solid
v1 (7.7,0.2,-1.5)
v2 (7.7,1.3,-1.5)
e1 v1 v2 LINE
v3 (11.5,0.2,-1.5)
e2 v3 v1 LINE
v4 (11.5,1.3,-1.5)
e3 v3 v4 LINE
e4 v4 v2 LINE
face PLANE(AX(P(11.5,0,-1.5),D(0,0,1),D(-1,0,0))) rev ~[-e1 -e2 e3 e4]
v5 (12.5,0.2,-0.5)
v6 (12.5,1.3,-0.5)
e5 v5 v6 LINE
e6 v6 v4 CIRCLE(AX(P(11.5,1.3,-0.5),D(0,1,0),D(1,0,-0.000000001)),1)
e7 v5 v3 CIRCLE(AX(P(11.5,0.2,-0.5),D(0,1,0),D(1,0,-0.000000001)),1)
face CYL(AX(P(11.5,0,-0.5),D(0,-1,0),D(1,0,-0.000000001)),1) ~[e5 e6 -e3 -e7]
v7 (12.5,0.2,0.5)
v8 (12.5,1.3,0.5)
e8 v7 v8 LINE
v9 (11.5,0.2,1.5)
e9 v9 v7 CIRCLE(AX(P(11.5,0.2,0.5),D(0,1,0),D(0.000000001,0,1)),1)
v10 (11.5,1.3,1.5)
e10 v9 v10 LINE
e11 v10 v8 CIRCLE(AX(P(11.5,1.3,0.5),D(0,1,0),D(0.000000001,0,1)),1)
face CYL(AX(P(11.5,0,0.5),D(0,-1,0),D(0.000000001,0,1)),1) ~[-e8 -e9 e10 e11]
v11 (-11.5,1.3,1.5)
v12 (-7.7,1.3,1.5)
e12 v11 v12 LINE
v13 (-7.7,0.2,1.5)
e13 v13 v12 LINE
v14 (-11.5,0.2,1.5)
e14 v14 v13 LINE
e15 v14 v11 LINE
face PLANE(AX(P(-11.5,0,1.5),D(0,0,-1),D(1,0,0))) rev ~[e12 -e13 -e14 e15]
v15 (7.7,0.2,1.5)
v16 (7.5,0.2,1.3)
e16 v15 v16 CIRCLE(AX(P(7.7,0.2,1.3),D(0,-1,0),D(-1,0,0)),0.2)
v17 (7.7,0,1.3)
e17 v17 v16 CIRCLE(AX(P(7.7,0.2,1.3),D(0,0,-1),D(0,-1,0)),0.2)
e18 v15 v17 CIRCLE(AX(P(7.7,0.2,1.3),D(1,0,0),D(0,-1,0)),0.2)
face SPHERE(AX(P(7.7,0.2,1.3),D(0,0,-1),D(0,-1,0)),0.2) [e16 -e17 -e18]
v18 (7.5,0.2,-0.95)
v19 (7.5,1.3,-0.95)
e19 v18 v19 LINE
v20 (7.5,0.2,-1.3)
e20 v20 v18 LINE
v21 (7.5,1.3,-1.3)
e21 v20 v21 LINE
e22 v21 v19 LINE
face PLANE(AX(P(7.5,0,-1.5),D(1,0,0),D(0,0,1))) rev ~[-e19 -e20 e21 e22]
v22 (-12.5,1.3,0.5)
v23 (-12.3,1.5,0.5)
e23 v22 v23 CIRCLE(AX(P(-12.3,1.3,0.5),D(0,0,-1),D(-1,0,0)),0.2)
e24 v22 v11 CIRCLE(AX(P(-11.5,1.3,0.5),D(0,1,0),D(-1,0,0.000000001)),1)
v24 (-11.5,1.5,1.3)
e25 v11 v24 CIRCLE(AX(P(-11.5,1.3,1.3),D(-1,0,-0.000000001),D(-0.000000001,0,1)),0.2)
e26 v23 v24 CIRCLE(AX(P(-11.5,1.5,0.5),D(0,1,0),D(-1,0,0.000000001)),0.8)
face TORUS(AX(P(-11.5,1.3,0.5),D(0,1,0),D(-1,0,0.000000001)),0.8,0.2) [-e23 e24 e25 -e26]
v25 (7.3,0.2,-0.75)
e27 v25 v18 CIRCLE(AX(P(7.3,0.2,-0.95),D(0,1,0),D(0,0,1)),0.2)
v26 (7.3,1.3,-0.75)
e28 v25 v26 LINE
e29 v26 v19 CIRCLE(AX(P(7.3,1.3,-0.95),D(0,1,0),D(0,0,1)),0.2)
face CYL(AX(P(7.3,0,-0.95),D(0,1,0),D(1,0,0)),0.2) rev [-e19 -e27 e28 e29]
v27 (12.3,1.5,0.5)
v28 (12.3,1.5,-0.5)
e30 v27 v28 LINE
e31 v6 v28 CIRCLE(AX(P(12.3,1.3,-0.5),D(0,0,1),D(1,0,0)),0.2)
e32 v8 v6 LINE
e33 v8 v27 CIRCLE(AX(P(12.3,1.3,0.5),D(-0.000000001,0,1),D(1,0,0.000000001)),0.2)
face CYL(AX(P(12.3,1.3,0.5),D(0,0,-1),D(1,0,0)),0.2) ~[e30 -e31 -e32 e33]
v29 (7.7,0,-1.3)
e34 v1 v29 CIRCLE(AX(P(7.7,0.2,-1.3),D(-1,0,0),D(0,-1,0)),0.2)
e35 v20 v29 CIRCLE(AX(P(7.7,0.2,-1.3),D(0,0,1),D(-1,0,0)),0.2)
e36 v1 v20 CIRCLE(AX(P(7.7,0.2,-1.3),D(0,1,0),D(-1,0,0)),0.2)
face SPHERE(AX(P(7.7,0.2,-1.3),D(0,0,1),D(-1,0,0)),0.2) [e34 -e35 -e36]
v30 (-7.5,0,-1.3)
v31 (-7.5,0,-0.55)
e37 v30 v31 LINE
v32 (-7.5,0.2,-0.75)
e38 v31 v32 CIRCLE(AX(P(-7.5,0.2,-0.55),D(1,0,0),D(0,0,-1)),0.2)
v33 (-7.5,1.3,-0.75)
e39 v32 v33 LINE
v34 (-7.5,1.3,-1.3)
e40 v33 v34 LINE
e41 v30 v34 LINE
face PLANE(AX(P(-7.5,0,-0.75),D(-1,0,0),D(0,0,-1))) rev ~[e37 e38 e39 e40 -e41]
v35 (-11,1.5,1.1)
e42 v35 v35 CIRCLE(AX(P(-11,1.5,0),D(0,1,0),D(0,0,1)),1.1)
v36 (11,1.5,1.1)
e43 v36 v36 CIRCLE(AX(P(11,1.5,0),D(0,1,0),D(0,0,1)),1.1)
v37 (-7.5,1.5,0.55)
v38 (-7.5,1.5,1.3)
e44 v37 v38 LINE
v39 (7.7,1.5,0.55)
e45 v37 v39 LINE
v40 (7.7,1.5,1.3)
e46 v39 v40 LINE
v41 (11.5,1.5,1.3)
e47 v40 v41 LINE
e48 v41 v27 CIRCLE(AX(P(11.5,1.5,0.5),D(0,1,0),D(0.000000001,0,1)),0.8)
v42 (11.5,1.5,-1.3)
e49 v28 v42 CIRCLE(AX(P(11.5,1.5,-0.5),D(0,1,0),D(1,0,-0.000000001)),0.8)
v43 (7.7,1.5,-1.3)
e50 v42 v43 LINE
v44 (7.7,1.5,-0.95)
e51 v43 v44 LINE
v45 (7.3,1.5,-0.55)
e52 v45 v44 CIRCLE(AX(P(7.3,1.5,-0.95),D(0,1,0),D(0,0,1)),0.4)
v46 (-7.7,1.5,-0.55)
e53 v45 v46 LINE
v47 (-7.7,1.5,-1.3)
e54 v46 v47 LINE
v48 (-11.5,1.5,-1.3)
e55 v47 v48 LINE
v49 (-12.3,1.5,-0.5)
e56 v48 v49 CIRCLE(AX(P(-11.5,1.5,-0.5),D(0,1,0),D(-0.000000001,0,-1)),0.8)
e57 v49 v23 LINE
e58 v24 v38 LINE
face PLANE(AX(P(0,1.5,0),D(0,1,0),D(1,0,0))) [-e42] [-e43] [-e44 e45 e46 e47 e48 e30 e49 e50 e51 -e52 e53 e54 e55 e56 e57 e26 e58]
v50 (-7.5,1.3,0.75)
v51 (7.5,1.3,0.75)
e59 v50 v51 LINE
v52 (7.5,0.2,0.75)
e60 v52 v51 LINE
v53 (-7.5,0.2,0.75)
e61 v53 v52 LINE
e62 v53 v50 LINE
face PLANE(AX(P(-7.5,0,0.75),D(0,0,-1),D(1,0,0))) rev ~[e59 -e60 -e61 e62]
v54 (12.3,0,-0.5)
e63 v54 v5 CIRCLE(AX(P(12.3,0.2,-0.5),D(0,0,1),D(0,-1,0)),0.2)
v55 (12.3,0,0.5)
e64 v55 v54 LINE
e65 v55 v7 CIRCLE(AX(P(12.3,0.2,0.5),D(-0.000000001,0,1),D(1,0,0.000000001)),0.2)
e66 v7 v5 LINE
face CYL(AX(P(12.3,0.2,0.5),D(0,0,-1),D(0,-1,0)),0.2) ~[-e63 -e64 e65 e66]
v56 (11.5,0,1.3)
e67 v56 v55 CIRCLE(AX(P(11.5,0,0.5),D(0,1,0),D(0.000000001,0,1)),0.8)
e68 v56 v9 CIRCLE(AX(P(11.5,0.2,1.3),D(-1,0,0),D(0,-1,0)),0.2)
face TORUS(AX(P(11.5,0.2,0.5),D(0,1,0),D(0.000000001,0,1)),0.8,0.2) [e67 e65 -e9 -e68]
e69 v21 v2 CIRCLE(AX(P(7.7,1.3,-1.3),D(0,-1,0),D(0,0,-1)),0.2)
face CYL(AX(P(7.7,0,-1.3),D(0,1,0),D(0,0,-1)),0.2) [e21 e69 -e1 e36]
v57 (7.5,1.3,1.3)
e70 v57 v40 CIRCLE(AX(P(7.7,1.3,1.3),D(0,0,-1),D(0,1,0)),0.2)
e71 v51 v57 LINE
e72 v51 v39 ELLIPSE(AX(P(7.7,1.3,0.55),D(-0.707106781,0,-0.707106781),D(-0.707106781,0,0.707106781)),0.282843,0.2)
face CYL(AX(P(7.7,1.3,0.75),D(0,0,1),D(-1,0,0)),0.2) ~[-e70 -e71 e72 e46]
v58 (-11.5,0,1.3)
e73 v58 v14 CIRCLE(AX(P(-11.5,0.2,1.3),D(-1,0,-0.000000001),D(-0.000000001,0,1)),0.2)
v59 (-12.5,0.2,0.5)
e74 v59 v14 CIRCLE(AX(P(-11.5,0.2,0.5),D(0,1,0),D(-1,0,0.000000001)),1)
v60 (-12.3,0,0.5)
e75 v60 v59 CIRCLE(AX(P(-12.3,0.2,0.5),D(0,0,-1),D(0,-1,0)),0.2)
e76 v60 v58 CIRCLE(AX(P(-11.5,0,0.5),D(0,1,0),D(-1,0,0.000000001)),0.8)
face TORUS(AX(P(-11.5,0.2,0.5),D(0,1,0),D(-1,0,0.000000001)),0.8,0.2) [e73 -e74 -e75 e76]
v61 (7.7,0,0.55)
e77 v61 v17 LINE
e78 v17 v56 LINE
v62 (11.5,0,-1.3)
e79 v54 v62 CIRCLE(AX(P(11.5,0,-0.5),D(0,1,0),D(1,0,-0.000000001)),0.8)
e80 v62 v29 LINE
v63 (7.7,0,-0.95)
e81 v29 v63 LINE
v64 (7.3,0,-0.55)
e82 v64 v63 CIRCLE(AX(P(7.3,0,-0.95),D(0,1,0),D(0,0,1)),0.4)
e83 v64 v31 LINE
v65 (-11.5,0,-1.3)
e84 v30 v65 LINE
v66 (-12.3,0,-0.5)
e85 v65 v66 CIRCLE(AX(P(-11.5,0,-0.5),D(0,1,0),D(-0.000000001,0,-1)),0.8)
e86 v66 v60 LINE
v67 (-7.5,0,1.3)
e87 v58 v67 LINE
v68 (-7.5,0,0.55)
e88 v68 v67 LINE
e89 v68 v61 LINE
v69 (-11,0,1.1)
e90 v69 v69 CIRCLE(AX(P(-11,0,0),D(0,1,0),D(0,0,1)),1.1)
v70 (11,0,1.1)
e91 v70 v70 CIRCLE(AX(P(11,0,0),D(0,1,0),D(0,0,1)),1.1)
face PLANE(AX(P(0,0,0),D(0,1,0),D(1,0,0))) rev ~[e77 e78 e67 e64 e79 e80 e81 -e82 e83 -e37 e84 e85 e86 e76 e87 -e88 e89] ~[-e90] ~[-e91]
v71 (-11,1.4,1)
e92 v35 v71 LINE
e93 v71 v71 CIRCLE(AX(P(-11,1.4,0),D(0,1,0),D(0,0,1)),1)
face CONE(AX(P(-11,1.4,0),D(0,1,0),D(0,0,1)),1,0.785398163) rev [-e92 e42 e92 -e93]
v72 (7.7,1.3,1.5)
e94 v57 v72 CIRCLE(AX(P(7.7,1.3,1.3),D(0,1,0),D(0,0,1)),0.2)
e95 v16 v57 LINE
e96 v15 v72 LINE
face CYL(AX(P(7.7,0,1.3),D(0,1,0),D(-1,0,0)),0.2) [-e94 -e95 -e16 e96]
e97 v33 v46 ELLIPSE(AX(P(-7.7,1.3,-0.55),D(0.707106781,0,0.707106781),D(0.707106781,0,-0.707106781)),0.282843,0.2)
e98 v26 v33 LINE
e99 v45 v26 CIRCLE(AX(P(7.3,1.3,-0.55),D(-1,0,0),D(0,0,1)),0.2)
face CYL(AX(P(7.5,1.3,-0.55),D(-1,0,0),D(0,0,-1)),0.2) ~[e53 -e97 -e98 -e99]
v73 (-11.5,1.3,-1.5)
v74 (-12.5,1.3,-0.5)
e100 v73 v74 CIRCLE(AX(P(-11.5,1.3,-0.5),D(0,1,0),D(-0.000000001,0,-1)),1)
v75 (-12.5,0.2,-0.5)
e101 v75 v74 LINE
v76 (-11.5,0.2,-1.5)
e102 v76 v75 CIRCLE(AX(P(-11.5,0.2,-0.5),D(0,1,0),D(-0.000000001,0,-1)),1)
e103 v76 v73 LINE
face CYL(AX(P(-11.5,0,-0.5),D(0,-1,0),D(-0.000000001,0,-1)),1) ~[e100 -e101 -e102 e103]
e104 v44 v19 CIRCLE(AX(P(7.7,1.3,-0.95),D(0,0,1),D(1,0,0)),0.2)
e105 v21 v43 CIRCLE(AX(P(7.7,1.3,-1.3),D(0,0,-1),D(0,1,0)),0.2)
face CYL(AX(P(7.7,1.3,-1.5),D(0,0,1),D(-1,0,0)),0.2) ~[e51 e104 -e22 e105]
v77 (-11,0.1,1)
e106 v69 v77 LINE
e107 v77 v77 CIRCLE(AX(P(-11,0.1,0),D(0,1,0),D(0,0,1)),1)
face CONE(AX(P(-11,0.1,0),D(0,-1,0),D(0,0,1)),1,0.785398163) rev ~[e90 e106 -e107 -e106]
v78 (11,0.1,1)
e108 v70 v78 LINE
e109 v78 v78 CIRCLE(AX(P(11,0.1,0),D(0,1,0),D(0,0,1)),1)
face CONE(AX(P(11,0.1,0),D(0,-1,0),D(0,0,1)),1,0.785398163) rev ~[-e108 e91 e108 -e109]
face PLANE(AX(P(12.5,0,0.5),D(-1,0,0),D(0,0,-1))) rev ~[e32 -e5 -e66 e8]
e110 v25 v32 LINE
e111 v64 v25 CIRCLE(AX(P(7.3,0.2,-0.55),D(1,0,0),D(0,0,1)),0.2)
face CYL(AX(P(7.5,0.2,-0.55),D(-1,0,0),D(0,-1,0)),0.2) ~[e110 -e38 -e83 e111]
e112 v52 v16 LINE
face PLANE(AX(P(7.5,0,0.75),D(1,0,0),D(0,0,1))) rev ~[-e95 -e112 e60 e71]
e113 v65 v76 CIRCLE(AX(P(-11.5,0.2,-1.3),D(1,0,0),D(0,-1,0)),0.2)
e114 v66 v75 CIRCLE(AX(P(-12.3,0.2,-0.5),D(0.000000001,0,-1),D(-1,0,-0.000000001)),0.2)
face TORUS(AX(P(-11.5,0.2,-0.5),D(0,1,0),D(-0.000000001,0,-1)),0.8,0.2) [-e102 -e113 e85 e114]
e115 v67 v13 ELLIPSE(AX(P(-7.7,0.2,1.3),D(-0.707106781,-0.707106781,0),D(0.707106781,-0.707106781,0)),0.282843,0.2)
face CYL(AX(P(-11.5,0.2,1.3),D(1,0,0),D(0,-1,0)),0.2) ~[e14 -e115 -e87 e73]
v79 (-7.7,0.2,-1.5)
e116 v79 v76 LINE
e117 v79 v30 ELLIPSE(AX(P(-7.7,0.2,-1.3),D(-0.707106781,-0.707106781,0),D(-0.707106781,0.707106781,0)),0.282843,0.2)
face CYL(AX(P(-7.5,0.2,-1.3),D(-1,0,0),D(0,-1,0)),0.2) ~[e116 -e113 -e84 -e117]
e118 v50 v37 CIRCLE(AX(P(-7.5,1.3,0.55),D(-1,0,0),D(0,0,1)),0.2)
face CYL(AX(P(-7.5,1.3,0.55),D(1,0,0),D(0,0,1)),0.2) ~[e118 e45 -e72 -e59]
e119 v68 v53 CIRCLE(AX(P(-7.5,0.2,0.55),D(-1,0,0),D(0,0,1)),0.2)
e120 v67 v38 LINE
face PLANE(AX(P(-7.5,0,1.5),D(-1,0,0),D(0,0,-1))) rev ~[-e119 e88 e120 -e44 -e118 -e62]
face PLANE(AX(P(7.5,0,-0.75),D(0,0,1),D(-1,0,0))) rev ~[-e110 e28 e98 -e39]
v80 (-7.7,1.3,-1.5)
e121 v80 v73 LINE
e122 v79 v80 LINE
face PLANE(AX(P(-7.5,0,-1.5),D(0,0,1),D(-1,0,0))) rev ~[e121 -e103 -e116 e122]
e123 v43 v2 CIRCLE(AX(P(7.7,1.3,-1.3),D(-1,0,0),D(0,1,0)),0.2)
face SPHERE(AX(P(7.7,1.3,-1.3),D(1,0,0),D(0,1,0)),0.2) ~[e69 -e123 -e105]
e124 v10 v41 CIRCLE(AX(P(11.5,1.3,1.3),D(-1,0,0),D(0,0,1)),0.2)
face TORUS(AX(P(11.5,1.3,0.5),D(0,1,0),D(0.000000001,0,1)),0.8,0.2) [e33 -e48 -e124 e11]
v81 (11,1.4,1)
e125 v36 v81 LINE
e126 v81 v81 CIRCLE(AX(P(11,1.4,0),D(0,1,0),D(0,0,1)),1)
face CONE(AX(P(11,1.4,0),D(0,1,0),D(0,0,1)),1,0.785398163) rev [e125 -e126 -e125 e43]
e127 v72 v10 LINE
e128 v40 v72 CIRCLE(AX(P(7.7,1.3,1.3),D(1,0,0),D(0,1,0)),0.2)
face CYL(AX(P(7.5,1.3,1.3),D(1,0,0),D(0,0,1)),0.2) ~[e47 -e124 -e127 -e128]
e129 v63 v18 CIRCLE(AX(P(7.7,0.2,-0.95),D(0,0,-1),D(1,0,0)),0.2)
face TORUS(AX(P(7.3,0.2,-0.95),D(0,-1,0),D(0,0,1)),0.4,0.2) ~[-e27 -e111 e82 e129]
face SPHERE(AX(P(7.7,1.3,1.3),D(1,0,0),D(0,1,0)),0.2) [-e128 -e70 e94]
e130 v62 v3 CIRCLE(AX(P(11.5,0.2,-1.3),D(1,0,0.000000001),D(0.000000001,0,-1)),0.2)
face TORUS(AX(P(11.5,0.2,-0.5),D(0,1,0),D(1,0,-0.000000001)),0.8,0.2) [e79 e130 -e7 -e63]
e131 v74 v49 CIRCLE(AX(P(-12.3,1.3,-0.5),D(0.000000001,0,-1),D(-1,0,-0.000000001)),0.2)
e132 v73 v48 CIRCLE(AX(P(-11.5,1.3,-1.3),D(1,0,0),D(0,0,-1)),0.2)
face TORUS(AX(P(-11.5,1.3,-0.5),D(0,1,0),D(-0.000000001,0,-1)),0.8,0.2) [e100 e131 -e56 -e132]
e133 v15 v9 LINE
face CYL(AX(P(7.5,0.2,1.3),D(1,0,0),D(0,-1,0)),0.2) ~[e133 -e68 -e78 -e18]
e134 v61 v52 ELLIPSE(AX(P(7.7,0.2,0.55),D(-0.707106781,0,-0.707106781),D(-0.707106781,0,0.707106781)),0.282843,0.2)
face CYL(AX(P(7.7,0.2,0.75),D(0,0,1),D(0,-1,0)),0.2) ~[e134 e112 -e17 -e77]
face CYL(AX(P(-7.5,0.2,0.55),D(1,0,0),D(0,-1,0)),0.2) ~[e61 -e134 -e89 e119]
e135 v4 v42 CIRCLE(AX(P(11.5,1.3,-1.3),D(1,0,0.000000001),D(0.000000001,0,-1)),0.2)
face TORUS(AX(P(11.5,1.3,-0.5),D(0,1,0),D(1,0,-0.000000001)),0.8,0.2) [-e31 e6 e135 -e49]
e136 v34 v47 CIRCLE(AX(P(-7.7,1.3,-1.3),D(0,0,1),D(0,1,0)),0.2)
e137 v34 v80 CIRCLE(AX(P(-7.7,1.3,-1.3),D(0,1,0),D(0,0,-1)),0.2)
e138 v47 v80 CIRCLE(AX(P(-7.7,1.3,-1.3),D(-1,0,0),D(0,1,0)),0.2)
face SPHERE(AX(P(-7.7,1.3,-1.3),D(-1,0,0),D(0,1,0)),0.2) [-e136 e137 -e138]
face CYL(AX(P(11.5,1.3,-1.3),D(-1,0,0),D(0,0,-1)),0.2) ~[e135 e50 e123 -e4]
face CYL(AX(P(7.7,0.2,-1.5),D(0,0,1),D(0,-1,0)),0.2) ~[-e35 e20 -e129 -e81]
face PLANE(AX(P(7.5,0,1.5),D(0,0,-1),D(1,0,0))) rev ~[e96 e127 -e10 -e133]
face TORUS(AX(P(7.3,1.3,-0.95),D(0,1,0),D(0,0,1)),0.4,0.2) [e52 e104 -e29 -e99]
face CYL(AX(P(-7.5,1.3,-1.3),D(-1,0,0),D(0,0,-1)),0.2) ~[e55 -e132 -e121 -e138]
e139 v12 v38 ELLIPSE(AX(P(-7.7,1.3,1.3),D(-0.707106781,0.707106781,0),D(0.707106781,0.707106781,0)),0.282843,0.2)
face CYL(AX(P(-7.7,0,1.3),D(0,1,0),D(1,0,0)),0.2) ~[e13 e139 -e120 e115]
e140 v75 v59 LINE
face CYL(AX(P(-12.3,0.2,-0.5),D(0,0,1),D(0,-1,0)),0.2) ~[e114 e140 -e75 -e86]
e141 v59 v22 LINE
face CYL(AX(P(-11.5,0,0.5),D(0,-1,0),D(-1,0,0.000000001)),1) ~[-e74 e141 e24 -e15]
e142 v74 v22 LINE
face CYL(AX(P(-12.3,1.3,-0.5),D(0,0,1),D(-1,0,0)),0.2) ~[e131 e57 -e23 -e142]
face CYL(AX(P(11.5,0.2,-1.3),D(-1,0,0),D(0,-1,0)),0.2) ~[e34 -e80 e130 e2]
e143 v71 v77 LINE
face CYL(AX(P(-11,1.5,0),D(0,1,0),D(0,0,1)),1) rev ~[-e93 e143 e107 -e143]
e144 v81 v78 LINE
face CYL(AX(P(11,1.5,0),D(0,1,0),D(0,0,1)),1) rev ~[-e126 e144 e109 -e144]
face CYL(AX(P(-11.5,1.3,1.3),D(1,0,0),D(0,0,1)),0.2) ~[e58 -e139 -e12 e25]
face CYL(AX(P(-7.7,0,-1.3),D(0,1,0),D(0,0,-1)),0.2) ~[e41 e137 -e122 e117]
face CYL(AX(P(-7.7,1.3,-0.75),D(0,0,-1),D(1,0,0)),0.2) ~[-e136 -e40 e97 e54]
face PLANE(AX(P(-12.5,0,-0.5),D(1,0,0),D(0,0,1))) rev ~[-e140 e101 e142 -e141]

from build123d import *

# Parameters (mm, degrees)
BOSS_EXTRUDE1_DEPTH = 1.5
SKETCH2_R           = 1
CUT_EXTRUDE1_DEPTH  = 13.678722333
CHAMFER1_SIZE       = 0.1
FILLET1_R           = 0.2


with BuildPart() as part:
    # Sketch1 → Boss-Extrude1 (new body)
    with BuildSketch(Plane(origin=(0, 0, 0), x_dir=(1, 0, 0), z_dir=(0, 1, 0))):
        with BuildLine():
            Line((7.5, -0.75), (7.5, -1.5))
            Line((7.5, -1.5), (11.5, -1.5))
            ThreePointArc((11.5, -1.5), (12.207106781, -1.207106781), (12.5, -0.5))
            Line((12.5, -0.5), (12.5, 0.5))
            ThreePointArc((12.5, 0.5), (12.207106781, 1.207106781), (11.5, 1.5))
            Line((11.5, 1.5), (7.5, 1.5))
            Line((7.5, 1.5), (7.5, 0.75))
            Line((7.5, 0.75), (-7.5, 0.75))
            Line((-7.5, 0.75), (-7.5, 1.5))
            Line((-7.5, 1.5), (-11.5, 1.5))
            ThreePointArc((-11.5, 1.5), (-12.207106781, 1.207106781), (-12.5, 0.5))
            Line((-12.5, 0.5), (-12.5, -0.5))
            ThreePointArc((-12.5, -0.5), (-12.207106781, -1.207106781), (-11.5, -1.5))
            Line((-11.5, -1.5), (-7.5, -1.5))
            Line((-7.5, -1.5), (-7.5, -0.75))
            Line((-7.5, -0.75), (7.5, -0.75))
        make_face()
    extrude(amount=BOSS_EXTRUDE1_DEPTH)

    # Sketch2 → Cut-Extrude1 (cut, through all)
    with BuildSketch(Plane(origin=(0, 1.5, 0), x_dir=(1, 0, 0), z_dir=(0, 1, 0))):
        with Locations(Location((-11, 0, 0), (0, 0, 270))):
            Circle(SKETCH2_R)
        with Locations(Location((11, 0, 0), (0, 0, 270))):
            Circle(SKETCH2_R)
    extrude(amount=-CUT_EXTRUDE1_DEPTH, mode=Mode.SUBTRACT)

    # Chamfer1
    chamfer1_edges = [part.edges().sort_by_distance(p)[0] for p in [
        (-11, 0, -1),
        (-11, 1.5, -1),
        (11, 0, -1),
        (11, 1.5, -1),
    ]]
    chamfer(chamfer1_edges, length=CHAMFER1_SIZE)

    # Fillet1
    fillet1_edges = [part.edges().sort_by_distance(p)[0] for p in [
        (7.5, 0, 1.125),
        (7.5, 0, -1.125),
        (0, 0, 0.75),
        (12.5, 1.5, 0),
        (7.5, 1.5, 1.125),
        (0, 1.5, 0.75),
        (-12.5, 1.5, 0),
        (-7.5, 1.5, -1.125),
        (7.5, 1.5, -1.125),
        (-7.5, 0.75, -1.5),
        (-9.5, 1.5, -1.5),
        (-9.5, 0, -1.5),
        (7.5, 0.75, -0.75),
        (0, 1.5, -0.75),
        (0, 0, -0.75),
        (9.5, 1.5, -1.5),
        (7.5, 0.75, -1.5),
        (9.5, 0, -1.5),
        (-9.5, 1.5, 1.5),
        (-7.5, 0.75, 1.5),
        (-9.5, 0, 1.5),
        (7.5, 0.75, 1.5),
        (9.5, 1.5, 1.5),
        (9.5, 0, 1.5),
        (12.207106781, 0, -1.207106781),
        (12.5, 0, 0),
        (12.207106781, 0, 1.207106781),
        (12.207106781, 1.5, -1.207106781),
        (12.207106781, 1.5, 1.207106781),
        (-12.207106781, 0, 1.207106781),
        (-12.5, 0, 0),
        (-12.207106781, 0, -1.207106781),
        (-12.207106781, 1.5, 1.207106781),
        (-12.207106781, 1.5, -1.207106781),
    ]]
    fillet(fillet1_edges, radius=FILLET1_R)


solid = part.part
